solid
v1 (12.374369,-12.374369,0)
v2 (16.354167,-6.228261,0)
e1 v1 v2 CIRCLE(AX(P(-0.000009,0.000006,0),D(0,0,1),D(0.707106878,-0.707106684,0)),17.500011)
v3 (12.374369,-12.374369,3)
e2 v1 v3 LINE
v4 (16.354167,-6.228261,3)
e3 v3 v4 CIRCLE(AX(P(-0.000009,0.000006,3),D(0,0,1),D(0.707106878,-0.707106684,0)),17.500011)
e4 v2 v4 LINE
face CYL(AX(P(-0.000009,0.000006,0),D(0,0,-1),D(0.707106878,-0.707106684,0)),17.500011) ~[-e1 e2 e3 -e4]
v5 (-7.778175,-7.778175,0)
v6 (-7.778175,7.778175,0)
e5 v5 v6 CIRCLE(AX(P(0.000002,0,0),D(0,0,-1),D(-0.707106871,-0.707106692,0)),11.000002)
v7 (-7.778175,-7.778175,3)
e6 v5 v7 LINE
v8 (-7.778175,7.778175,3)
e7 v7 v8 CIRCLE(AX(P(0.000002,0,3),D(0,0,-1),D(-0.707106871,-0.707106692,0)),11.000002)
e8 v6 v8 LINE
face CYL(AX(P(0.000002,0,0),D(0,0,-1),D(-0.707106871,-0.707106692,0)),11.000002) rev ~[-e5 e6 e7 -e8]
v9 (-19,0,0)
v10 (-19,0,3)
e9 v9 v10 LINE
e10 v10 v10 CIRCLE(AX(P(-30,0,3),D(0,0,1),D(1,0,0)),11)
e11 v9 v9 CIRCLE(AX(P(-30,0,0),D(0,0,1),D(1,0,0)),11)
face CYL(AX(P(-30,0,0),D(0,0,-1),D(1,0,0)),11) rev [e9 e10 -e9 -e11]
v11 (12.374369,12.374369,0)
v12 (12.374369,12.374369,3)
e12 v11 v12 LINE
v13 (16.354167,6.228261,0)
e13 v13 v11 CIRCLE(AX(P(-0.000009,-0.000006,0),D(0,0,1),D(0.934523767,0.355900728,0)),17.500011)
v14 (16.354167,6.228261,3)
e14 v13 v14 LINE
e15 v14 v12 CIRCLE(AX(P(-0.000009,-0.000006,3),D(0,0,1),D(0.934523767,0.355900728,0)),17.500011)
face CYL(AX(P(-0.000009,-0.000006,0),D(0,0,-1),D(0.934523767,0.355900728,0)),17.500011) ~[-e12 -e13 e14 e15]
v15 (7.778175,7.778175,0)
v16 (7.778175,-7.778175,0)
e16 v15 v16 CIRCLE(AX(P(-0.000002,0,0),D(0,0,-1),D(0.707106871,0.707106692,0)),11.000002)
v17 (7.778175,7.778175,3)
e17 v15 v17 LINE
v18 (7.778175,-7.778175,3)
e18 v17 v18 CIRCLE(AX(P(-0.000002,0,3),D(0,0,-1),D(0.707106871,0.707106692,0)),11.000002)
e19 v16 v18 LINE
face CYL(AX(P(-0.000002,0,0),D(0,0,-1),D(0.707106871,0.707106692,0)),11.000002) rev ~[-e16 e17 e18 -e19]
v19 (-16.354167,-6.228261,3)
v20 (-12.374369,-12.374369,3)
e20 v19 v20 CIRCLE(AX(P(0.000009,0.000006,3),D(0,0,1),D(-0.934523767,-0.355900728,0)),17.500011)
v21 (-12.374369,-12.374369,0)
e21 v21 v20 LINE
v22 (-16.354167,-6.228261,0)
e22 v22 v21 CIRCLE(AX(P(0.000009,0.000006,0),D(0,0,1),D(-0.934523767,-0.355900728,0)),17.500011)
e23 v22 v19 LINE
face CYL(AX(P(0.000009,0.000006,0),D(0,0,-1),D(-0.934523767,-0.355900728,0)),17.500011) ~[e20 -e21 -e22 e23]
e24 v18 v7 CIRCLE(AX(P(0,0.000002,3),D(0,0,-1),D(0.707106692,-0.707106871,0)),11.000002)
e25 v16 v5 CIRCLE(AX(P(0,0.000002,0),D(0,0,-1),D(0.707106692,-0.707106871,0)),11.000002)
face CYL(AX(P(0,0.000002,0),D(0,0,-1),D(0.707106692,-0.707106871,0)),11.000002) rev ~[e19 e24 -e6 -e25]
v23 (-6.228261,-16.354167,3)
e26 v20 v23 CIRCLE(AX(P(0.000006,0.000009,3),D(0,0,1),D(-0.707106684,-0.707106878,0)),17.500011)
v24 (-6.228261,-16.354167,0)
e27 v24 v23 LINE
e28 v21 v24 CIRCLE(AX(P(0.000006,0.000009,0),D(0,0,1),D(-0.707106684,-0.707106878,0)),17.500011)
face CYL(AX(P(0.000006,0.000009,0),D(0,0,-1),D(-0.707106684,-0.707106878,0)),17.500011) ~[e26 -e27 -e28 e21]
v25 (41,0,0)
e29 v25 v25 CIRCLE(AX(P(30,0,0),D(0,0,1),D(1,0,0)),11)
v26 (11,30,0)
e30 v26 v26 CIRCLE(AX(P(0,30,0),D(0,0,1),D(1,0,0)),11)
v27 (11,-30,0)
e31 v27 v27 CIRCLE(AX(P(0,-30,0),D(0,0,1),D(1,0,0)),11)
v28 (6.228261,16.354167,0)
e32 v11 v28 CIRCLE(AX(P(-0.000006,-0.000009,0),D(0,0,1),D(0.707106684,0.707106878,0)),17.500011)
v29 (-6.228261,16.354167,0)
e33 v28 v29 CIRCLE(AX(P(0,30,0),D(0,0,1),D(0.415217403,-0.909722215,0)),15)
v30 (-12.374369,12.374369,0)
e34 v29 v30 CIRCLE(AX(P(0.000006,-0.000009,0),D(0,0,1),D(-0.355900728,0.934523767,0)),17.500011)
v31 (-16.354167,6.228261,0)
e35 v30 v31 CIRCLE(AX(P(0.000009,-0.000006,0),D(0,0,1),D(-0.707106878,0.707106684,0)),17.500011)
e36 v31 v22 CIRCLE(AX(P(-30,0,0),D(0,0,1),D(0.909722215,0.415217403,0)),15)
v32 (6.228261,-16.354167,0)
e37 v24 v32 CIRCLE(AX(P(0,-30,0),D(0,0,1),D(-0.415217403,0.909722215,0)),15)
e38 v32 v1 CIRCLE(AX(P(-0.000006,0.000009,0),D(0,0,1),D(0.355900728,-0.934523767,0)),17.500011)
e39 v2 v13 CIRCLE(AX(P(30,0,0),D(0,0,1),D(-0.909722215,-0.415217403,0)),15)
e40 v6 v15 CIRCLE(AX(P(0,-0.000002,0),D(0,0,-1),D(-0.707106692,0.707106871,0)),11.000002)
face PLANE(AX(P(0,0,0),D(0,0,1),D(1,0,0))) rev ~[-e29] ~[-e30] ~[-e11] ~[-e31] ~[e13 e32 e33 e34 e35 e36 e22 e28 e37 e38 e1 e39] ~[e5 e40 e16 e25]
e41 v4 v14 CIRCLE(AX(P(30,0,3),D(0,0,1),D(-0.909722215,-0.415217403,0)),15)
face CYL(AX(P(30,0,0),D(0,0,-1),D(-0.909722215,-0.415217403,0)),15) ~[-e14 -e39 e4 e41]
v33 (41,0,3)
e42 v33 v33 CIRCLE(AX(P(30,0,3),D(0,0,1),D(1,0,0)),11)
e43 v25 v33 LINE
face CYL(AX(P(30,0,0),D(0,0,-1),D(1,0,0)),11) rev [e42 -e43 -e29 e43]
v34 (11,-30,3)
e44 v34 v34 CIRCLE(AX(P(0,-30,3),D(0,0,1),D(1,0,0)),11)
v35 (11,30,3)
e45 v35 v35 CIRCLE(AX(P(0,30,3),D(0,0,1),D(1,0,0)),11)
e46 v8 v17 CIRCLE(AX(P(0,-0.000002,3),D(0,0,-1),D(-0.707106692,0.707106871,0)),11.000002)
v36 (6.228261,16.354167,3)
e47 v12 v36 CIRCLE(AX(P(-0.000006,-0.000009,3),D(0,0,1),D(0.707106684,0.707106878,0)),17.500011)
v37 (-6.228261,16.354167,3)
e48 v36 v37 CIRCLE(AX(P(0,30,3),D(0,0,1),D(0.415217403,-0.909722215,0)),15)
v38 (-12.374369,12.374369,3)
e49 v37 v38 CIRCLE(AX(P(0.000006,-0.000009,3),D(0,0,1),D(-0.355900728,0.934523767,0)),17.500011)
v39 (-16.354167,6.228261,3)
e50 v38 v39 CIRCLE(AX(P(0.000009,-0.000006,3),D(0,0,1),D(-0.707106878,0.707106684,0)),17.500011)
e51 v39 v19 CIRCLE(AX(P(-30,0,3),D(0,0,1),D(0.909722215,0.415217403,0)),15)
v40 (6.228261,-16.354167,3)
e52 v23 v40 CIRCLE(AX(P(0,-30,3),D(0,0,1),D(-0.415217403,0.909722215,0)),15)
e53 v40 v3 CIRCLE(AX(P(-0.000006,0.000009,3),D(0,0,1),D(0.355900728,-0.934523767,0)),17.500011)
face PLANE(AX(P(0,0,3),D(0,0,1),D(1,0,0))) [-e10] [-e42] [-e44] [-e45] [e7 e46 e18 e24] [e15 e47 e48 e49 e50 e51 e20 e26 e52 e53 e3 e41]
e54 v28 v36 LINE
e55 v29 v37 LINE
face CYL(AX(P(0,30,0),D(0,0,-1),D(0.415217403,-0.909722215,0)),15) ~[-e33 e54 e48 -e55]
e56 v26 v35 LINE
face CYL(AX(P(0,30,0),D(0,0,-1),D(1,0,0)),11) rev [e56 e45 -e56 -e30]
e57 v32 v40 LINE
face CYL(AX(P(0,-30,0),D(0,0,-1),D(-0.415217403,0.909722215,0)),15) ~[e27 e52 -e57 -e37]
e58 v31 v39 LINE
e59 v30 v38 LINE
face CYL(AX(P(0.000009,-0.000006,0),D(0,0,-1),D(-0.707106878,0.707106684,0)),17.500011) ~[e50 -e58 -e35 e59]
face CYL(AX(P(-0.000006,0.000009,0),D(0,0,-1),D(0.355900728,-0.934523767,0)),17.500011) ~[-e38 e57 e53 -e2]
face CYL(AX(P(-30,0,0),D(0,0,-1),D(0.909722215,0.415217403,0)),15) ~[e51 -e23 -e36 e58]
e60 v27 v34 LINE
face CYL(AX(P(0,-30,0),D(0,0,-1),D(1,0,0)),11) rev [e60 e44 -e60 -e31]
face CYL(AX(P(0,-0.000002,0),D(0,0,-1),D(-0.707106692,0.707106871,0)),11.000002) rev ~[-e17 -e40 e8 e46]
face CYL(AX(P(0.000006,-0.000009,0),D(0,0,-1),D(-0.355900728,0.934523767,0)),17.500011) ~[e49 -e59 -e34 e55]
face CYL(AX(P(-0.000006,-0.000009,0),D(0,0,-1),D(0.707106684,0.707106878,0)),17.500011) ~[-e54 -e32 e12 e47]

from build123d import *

# Parameters (mm, degrees)
F0_R     = 11
F1_DEPTH = 3


with BuildPart() as f1:
    # F0 (on Top) → F1 (new body)
    with BuildSketch(Plane.XY):
        with BuildLine():
            ThreePointArc((6.228261, 16.354167), (0, 45), (-6.228261, 16.354167))
            ThreePointArc((-6.228261, 16.354167), (-9.51179, 14.689311), (-12.374369, 12.374369))
            ThreePointArc((-12.374369, 12.374369), (-14.689311, 9.51179), (-16.354167, 6.228261))
            ThreePointArc((-16.354167, 6.228261), (-45, 0), (-16.354167, -6.228261))
            ThreePointArc((-16.354167, -6.228261), (-14.689311, -9.51179), (-12.374369, -12.374369))
            ThreePointArc((-12.374369, -12.374369), (-9.51179, -14.689311), (-6.228261, -16.354167))
            ThreePointArc((-6.228261, -16.354167), (0, -45), (6.228261, -16.354167))
            ThreePointArc((6.228261, -16.354167), (9.51179, -14.689311), (12.374369, -12.374369))
            ThreePointArc((12.374369, -12.374369), (14.689311, -9.51179), (16.354167, -6.228261))
            ThreePointArc((16.354167, -6.228261), (45, 0), (16.354167, 6.228261))
            ThreePointArc((16.354167, 6.228261), (14.689311, 9.51179), (12.374369, 12.374369))
            ThreePointArc((12.374369, 12.374369), (9.51179, 14.689311), (6.228261, 16.354167))
        make_face()
        with Locations((0, -30)):
            Circle(F0_R, mode=Mode.SUBTRACT)
        with Locations((-30, 0)):
            Circle(F0_R, mode=Mode.SUBTRACT)
        with BuildLine():
            ThreePointArc((-7.778175, 7.778175), (0, 11), (7.778175, 7.778175))
            ThreePointArc((7.778175, 7.778175), (11, 0), (7.778175, -7.778175))
            ThreePointArc((7.778175, -7.778175), (0, -11), (-7.778175, -7.778175))
            ThreePointArc((-7.778175, -7.778175), (-11, 0), (-7.778175, 7.778175))
        make_face(mode=Mode.SUBTRACT)
        with Locations((30, 0)):
            Circle(F0_R, mode=Mode.SUBTRACT)
        with Locations((0, 30)):
            Circle(F0_R, mode=Mode.SUBTRACT)
    extrude(amount=F1_DEPTH)


solid = f1.part
